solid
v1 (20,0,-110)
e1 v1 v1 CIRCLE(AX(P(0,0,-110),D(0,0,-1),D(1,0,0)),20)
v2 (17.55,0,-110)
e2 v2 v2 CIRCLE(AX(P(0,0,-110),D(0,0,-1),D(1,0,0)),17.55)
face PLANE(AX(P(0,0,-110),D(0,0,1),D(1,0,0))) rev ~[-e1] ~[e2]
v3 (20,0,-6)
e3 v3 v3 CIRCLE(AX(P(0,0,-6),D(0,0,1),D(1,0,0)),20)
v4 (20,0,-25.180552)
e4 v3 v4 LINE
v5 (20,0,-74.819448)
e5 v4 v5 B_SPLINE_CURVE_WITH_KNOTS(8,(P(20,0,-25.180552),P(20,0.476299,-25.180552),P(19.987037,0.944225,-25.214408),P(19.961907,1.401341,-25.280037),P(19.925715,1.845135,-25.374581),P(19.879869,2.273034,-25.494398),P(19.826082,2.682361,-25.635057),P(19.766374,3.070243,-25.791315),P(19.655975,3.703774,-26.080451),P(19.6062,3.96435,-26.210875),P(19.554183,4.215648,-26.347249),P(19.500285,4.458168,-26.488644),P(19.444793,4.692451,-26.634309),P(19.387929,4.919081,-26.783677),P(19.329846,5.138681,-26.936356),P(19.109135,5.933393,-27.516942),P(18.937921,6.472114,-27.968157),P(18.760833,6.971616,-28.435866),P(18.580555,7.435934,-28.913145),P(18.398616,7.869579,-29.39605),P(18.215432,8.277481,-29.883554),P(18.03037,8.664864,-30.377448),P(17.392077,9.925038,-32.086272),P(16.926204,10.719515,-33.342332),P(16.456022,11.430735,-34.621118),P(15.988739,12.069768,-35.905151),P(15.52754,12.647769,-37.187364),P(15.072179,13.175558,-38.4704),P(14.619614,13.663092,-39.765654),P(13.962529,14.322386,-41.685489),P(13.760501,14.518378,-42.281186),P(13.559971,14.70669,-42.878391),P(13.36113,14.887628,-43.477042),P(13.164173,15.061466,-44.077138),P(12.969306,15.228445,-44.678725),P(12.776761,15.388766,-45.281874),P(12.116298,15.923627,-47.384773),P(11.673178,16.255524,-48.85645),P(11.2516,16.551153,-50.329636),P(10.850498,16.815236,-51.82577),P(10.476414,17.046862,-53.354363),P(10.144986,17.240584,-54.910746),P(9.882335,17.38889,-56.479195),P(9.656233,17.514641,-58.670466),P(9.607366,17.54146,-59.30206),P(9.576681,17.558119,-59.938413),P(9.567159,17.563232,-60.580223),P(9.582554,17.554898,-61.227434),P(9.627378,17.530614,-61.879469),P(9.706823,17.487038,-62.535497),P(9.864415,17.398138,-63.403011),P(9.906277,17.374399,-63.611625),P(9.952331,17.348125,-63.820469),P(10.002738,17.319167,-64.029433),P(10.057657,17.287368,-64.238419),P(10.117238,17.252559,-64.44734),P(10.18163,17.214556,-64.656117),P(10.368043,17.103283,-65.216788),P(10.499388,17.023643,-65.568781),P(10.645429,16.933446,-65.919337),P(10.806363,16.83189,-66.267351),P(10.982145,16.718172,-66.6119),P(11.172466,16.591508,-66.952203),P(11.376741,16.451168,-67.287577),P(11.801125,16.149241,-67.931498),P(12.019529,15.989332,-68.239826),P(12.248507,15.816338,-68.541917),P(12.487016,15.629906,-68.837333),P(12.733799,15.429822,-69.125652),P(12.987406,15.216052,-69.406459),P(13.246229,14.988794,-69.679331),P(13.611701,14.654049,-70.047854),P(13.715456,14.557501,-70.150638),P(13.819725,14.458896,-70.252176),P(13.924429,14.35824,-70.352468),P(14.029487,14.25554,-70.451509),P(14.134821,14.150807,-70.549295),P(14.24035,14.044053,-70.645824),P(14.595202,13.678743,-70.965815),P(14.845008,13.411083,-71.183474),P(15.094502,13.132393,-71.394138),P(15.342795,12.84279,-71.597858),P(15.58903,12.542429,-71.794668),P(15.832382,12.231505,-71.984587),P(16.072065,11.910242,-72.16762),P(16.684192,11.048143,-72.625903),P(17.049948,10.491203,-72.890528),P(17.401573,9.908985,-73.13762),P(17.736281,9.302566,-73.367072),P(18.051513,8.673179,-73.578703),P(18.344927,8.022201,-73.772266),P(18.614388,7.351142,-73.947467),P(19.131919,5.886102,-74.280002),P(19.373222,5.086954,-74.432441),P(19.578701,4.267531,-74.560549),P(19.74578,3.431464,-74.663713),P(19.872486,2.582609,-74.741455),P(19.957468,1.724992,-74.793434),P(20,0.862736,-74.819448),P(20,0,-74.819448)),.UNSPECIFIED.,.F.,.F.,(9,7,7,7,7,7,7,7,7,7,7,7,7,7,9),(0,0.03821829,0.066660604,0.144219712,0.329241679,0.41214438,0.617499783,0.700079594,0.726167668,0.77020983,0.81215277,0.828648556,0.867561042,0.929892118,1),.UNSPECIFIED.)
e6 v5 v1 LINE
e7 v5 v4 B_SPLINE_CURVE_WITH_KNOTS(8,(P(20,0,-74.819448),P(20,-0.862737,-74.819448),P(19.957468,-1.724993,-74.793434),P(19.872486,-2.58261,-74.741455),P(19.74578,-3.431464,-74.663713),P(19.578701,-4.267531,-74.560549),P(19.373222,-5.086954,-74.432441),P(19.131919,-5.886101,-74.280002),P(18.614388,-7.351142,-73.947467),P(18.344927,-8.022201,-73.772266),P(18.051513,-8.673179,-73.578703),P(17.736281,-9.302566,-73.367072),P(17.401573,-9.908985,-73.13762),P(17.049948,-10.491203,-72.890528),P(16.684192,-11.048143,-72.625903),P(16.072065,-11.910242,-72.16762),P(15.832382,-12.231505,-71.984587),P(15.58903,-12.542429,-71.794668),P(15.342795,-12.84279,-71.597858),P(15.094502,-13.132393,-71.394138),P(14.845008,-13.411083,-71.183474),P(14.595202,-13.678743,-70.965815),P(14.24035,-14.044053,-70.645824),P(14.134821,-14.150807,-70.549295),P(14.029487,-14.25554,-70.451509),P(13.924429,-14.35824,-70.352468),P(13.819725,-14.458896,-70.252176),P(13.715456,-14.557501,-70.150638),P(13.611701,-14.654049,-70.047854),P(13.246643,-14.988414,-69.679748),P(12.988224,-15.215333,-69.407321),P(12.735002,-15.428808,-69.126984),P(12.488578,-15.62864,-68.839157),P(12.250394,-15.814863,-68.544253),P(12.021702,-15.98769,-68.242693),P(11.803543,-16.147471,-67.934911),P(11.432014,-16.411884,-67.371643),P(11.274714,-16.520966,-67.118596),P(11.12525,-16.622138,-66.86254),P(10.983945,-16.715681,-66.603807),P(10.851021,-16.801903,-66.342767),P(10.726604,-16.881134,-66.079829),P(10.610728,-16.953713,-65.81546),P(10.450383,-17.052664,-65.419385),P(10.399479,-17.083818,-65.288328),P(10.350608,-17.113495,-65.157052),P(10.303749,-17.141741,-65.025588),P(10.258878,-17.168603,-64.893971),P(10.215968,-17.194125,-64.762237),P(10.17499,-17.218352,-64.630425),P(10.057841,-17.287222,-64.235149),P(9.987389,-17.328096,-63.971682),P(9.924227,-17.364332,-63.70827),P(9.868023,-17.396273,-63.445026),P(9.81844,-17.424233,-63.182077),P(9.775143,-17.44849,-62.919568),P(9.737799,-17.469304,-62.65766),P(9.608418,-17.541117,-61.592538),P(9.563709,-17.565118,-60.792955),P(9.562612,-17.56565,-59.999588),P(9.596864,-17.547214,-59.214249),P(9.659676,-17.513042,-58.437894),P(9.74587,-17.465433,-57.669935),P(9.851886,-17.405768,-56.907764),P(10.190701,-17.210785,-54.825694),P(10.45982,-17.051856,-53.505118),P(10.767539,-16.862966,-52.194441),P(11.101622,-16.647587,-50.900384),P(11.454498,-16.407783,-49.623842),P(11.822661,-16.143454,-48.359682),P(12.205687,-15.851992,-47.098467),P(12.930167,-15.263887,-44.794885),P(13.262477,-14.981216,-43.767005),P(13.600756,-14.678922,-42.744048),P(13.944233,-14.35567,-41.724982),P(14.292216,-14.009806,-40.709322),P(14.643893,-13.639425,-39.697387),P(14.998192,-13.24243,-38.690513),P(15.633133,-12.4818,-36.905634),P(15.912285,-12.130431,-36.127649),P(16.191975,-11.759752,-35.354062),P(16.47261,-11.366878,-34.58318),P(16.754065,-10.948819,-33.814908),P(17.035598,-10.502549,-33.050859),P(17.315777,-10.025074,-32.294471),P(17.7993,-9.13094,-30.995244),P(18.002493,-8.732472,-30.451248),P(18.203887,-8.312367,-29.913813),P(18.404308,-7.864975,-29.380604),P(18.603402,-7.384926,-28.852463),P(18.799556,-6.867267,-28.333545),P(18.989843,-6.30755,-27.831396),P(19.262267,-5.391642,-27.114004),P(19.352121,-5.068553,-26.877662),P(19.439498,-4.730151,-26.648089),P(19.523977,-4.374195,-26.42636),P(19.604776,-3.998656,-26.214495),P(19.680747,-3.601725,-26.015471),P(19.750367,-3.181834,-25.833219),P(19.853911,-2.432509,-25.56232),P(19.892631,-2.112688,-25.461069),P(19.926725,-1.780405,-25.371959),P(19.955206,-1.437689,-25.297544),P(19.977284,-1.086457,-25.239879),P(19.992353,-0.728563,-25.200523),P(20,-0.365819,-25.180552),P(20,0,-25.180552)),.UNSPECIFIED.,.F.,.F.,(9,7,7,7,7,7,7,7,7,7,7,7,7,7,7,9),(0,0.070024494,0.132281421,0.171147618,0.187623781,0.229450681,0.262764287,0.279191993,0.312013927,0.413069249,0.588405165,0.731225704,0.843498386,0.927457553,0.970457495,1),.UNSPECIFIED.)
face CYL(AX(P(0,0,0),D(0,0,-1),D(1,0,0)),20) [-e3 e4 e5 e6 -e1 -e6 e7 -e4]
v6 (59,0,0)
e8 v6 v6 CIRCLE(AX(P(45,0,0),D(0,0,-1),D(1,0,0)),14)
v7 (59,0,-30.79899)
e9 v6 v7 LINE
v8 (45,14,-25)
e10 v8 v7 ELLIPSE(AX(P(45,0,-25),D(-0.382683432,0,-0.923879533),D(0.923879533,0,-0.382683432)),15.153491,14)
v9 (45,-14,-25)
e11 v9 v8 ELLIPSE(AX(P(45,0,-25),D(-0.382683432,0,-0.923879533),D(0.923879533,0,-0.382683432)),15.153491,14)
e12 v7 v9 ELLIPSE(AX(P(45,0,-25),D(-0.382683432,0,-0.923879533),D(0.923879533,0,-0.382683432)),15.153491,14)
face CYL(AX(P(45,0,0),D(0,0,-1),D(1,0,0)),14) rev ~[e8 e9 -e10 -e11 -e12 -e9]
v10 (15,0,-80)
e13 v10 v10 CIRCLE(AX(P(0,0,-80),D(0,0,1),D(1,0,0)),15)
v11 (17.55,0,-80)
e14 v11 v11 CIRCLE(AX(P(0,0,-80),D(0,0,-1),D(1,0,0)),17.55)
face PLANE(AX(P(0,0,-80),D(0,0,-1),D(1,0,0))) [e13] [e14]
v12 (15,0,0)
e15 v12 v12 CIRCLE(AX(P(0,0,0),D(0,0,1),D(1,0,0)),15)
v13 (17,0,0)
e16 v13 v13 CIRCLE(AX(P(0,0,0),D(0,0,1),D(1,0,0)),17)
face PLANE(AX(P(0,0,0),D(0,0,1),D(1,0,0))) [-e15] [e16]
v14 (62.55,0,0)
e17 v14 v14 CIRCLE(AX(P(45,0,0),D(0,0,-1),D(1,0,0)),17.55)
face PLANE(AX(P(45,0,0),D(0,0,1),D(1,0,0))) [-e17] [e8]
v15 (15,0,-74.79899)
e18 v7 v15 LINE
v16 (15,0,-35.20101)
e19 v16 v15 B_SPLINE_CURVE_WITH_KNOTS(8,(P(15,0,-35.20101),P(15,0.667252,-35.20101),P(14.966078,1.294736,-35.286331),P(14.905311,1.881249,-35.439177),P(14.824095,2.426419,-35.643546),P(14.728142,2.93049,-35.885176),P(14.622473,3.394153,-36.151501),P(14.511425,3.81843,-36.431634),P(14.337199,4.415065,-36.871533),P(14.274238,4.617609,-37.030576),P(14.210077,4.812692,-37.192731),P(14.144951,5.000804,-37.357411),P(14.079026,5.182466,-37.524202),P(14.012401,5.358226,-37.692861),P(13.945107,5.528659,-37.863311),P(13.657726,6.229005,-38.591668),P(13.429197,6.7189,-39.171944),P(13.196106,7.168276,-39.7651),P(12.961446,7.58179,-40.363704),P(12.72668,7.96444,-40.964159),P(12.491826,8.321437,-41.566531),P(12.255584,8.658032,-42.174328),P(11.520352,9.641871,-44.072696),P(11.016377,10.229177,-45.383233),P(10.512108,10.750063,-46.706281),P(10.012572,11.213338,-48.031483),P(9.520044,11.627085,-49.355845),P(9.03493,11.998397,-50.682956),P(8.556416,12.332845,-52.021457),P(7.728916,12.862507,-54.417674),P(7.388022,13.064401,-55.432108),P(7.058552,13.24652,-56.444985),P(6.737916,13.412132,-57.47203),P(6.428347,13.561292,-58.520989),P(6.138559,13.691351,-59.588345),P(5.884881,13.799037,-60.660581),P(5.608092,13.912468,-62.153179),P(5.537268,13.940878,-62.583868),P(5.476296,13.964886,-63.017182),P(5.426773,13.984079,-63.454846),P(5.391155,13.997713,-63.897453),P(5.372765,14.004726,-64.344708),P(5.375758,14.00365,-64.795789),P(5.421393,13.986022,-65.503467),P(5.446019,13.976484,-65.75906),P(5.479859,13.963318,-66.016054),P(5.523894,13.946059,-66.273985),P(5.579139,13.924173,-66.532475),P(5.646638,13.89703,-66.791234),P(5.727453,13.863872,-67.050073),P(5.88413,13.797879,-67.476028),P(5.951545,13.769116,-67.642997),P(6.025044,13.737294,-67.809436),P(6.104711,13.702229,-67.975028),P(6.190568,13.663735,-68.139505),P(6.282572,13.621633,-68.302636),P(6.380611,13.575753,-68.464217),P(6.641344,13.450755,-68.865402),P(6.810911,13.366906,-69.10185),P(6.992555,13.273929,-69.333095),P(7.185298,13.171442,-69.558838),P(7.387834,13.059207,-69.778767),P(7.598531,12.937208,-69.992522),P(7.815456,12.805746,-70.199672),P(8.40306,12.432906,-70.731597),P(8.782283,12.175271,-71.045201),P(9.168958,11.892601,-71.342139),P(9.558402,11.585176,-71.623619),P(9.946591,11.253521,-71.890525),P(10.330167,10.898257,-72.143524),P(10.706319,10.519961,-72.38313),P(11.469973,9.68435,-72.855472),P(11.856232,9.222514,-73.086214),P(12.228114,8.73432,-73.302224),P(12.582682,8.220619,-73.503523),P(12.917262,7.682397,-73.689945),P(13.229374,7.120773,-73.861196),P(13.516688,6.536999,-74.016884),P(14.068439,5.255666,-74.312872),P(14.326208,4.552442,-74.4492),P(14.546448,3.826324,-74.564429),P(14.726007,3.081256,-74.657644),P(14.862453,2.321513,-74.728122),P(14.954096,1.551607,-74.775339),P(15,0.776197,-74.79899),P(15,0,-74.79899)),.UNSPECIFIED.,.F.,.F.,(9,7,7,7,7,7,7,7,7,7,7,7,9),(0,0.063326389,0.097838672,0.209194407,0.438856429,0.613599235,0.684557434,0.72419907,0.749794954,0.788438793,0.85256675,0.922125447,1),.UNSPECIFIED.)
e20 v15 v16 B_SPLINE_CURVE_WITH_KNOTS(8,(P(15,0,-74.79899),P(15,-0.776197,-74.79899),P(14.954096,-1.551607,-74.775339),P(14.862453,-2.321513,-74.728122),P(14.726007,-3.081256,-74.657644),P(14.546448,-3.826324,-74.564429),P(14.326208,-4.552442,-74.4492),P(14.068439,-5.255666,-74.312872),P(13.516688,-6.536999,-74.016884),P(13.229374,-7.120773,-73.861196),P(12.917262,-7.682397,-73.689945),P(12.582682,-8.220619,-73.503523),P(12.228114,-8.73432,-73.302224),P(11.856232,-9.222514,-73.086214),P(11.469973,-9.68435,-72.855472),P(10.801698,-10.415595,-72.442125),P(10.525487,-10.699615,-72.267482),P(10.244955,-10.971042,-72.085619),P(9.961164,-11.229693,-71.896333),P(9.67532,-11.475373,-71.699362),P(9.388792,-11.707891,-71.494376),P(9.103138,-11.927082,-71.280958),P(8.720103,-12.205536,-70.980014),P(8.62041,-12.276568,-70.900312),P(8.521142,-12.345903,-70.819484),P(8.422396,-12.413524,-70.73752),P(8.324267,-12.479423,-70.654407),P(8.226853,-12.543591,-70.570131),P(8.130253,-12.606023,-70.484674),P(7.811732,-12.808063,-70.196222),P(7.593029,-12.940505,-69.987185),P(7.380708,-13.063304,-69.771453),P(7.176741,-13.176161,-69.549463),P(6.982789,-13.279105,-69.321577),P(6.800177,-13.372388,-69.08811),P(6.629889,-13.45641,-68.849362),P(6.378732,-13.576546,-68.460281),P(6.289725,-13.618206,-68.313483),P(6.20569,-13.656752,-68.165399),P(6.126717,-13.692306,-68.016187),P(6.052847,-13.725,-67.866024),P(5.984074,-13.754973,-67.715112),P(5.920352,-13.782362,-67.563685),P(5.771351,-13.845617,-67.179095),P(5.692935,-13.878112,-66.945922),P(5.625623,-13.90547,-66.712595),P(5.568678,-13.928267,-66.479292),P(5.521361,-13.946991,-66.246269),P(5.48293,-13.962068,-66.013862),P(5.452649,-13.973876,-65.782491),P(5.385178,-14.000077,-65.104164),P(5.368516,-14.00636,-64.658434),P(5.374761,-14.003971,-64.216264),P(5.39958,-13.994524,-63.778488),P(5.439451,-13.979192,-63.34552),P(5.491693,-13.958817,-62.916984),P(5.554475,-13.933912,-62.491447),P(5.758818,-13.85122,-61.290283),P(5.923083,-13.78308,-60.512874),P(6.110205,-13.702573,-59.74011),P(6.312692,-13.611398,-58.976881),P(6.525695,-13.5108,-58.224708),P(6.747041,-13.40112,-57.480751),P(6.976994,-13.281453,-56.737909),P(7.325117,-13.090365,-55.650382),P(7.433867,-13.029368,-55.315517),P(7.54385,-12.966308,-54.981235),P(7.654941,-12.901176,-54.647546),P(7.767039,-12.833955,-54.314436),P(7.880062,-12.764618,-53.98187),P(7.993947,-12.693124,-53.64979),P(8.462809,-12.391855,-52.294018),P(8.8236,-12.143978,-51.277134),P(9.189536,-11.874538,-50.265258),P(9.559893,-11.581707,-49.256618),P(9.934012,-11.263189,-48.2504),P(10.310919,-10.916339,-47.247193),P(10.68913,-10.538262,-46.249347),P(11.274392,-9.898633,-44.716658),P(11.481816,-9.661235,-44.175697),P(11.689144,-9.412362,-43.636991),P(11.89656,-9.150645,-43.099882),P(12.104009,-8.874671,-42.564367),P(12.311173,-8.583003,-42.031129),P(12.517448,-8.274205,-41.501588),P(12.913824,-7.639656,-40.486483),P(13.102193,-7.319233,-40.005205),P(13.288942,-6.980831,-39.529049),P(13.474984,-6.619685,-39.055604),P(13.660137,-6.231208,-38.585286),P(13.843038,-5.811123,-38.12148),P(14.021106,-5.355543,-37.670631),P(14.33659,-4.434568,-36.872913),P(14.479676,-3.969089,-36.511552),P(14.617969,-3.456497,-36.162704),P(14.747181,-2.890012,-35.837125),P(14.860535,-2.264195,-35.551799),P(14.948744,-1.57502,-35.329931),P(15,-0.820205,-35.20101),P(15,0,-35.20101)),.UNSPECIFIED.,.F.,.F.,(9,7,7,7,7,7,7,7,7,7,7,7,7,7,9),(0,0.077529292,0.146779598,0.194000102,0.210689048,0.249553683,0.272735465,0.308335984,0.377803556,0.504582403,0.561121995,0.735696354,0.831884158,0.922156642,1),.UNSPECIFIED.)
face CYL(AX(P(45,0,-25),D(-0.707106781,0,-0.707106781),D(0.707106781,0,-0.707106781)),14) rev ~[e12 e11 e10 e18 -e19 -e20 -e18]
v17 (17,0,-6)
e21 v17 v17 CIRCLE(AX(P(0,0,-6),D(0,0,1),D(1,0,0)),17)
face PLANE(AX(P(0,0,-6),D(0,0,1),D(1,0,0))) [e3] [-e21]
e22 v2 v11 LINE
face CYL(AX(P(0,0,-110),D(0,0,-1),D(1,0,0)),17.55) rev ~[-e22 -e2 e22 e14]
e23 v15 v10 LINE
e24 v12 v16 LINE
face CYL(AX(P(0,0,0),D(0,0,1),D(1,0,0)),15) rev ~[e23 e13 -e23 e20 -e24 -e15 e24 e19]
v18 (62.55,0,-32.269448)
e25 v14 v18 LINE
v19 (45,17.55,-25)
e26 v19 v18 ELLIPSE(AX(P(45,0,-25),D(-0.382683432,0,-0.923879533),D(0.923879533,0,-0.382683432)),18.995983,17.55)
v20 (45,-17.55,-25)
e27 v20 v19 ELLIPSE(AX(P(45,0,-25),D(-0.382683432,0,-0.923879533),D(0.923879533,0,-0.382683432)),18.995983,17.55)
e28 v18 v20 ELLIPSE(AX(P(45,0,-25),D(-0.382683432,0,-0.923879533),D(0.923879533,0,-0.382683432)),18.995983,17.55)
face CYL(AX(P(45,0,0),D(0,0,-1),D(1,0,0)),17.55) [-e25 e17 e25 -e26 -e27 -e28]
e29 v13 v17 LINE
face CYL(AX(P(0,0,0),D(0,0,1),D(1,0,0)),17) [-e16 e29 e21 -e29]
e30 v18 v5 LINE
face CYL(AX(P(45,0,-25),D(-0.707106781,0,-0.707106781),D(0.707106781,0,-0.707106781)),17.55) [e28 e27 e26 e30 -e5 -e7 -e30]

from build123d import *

# Parameters (mm, degrees)
F1_R     = 20
F1_R_2   = 17.55
F4_R     = 17.55
F5_DEPTH = 30
F6_R     = 15
F7_DEPTH = 110.0010001
F8_R     = 20
F8_R_2   = 17
F9_DEPTH = 6
F10_R    = 14


with BuildPart() as f2:
    # F2: sweep along a path in F0
    with BuildLine(Plane.XZ) as f2_path:
        Line((0, 0), (0, -70))
        Line((0, -70), (0, -110))
    # F1 (on Top) → F2 (sweep)
    with BuildSketch(Plane.XY):
        Circle(F1_R)
    sweep(path=f2_path.line)

    # F3: sweep along a path in F0
    with BuildLine(Plane.XZ) as f3_path:
        Line((45, 0), (45, -25))
        Line((45, -25), (0, -70))
    # F1 (on Top) → F3 (sweep)
    with BuildSketch(Plane.XY):
        with Locations((45, 0)):
            Circle(F1_R_2)
    sweep(path=f3_path.line, transition=Transition.RIGHT)

    # F4 (on face) → F5 (cut)
    with BuildSketch(Plane(origin=(0, 0, -110), x_dir=(1, 0, 0), z_dir=(0, 0, -1))):
        Circle(F4_R)
    extrude(amount=-F5_DEPTH, mode=Mode.SUBTRACT)

    # F6 (on face) → F7 (cut, through all)
    with BuildSketch(Plane.XY):
        Circle(F6_R)
    extrude(amount=-F7_DEPTH, mode=Mode.SUBTRACT)

    # F8 (on face) → F9 (cut)
    with BuildSketch(Plane.XY):
        Circle(F8_R)
        Circle(F8_R_2, mode=Mode.SUBTRACT)
    extrude(amount=-F9_DEPTH, mode=Mode.SUBTRACT)

    # F11: sweep along a path in F0
    with BuildLine(Plane.XZ) as f11_path:
        Line((45, 0), (45, -25))
        Line((45, -25), (0, -70))
    # F10 (on face) → F11 (sweep, cut)
    with BuildSketch(Plane.XY):
        with Locations((45, 0)):
            Circle(F10_R)
    sweep(path=f11_path.line, transition=Transition.RIGHT, mode=Mode.SUBTRACT)


solid = f2.part
